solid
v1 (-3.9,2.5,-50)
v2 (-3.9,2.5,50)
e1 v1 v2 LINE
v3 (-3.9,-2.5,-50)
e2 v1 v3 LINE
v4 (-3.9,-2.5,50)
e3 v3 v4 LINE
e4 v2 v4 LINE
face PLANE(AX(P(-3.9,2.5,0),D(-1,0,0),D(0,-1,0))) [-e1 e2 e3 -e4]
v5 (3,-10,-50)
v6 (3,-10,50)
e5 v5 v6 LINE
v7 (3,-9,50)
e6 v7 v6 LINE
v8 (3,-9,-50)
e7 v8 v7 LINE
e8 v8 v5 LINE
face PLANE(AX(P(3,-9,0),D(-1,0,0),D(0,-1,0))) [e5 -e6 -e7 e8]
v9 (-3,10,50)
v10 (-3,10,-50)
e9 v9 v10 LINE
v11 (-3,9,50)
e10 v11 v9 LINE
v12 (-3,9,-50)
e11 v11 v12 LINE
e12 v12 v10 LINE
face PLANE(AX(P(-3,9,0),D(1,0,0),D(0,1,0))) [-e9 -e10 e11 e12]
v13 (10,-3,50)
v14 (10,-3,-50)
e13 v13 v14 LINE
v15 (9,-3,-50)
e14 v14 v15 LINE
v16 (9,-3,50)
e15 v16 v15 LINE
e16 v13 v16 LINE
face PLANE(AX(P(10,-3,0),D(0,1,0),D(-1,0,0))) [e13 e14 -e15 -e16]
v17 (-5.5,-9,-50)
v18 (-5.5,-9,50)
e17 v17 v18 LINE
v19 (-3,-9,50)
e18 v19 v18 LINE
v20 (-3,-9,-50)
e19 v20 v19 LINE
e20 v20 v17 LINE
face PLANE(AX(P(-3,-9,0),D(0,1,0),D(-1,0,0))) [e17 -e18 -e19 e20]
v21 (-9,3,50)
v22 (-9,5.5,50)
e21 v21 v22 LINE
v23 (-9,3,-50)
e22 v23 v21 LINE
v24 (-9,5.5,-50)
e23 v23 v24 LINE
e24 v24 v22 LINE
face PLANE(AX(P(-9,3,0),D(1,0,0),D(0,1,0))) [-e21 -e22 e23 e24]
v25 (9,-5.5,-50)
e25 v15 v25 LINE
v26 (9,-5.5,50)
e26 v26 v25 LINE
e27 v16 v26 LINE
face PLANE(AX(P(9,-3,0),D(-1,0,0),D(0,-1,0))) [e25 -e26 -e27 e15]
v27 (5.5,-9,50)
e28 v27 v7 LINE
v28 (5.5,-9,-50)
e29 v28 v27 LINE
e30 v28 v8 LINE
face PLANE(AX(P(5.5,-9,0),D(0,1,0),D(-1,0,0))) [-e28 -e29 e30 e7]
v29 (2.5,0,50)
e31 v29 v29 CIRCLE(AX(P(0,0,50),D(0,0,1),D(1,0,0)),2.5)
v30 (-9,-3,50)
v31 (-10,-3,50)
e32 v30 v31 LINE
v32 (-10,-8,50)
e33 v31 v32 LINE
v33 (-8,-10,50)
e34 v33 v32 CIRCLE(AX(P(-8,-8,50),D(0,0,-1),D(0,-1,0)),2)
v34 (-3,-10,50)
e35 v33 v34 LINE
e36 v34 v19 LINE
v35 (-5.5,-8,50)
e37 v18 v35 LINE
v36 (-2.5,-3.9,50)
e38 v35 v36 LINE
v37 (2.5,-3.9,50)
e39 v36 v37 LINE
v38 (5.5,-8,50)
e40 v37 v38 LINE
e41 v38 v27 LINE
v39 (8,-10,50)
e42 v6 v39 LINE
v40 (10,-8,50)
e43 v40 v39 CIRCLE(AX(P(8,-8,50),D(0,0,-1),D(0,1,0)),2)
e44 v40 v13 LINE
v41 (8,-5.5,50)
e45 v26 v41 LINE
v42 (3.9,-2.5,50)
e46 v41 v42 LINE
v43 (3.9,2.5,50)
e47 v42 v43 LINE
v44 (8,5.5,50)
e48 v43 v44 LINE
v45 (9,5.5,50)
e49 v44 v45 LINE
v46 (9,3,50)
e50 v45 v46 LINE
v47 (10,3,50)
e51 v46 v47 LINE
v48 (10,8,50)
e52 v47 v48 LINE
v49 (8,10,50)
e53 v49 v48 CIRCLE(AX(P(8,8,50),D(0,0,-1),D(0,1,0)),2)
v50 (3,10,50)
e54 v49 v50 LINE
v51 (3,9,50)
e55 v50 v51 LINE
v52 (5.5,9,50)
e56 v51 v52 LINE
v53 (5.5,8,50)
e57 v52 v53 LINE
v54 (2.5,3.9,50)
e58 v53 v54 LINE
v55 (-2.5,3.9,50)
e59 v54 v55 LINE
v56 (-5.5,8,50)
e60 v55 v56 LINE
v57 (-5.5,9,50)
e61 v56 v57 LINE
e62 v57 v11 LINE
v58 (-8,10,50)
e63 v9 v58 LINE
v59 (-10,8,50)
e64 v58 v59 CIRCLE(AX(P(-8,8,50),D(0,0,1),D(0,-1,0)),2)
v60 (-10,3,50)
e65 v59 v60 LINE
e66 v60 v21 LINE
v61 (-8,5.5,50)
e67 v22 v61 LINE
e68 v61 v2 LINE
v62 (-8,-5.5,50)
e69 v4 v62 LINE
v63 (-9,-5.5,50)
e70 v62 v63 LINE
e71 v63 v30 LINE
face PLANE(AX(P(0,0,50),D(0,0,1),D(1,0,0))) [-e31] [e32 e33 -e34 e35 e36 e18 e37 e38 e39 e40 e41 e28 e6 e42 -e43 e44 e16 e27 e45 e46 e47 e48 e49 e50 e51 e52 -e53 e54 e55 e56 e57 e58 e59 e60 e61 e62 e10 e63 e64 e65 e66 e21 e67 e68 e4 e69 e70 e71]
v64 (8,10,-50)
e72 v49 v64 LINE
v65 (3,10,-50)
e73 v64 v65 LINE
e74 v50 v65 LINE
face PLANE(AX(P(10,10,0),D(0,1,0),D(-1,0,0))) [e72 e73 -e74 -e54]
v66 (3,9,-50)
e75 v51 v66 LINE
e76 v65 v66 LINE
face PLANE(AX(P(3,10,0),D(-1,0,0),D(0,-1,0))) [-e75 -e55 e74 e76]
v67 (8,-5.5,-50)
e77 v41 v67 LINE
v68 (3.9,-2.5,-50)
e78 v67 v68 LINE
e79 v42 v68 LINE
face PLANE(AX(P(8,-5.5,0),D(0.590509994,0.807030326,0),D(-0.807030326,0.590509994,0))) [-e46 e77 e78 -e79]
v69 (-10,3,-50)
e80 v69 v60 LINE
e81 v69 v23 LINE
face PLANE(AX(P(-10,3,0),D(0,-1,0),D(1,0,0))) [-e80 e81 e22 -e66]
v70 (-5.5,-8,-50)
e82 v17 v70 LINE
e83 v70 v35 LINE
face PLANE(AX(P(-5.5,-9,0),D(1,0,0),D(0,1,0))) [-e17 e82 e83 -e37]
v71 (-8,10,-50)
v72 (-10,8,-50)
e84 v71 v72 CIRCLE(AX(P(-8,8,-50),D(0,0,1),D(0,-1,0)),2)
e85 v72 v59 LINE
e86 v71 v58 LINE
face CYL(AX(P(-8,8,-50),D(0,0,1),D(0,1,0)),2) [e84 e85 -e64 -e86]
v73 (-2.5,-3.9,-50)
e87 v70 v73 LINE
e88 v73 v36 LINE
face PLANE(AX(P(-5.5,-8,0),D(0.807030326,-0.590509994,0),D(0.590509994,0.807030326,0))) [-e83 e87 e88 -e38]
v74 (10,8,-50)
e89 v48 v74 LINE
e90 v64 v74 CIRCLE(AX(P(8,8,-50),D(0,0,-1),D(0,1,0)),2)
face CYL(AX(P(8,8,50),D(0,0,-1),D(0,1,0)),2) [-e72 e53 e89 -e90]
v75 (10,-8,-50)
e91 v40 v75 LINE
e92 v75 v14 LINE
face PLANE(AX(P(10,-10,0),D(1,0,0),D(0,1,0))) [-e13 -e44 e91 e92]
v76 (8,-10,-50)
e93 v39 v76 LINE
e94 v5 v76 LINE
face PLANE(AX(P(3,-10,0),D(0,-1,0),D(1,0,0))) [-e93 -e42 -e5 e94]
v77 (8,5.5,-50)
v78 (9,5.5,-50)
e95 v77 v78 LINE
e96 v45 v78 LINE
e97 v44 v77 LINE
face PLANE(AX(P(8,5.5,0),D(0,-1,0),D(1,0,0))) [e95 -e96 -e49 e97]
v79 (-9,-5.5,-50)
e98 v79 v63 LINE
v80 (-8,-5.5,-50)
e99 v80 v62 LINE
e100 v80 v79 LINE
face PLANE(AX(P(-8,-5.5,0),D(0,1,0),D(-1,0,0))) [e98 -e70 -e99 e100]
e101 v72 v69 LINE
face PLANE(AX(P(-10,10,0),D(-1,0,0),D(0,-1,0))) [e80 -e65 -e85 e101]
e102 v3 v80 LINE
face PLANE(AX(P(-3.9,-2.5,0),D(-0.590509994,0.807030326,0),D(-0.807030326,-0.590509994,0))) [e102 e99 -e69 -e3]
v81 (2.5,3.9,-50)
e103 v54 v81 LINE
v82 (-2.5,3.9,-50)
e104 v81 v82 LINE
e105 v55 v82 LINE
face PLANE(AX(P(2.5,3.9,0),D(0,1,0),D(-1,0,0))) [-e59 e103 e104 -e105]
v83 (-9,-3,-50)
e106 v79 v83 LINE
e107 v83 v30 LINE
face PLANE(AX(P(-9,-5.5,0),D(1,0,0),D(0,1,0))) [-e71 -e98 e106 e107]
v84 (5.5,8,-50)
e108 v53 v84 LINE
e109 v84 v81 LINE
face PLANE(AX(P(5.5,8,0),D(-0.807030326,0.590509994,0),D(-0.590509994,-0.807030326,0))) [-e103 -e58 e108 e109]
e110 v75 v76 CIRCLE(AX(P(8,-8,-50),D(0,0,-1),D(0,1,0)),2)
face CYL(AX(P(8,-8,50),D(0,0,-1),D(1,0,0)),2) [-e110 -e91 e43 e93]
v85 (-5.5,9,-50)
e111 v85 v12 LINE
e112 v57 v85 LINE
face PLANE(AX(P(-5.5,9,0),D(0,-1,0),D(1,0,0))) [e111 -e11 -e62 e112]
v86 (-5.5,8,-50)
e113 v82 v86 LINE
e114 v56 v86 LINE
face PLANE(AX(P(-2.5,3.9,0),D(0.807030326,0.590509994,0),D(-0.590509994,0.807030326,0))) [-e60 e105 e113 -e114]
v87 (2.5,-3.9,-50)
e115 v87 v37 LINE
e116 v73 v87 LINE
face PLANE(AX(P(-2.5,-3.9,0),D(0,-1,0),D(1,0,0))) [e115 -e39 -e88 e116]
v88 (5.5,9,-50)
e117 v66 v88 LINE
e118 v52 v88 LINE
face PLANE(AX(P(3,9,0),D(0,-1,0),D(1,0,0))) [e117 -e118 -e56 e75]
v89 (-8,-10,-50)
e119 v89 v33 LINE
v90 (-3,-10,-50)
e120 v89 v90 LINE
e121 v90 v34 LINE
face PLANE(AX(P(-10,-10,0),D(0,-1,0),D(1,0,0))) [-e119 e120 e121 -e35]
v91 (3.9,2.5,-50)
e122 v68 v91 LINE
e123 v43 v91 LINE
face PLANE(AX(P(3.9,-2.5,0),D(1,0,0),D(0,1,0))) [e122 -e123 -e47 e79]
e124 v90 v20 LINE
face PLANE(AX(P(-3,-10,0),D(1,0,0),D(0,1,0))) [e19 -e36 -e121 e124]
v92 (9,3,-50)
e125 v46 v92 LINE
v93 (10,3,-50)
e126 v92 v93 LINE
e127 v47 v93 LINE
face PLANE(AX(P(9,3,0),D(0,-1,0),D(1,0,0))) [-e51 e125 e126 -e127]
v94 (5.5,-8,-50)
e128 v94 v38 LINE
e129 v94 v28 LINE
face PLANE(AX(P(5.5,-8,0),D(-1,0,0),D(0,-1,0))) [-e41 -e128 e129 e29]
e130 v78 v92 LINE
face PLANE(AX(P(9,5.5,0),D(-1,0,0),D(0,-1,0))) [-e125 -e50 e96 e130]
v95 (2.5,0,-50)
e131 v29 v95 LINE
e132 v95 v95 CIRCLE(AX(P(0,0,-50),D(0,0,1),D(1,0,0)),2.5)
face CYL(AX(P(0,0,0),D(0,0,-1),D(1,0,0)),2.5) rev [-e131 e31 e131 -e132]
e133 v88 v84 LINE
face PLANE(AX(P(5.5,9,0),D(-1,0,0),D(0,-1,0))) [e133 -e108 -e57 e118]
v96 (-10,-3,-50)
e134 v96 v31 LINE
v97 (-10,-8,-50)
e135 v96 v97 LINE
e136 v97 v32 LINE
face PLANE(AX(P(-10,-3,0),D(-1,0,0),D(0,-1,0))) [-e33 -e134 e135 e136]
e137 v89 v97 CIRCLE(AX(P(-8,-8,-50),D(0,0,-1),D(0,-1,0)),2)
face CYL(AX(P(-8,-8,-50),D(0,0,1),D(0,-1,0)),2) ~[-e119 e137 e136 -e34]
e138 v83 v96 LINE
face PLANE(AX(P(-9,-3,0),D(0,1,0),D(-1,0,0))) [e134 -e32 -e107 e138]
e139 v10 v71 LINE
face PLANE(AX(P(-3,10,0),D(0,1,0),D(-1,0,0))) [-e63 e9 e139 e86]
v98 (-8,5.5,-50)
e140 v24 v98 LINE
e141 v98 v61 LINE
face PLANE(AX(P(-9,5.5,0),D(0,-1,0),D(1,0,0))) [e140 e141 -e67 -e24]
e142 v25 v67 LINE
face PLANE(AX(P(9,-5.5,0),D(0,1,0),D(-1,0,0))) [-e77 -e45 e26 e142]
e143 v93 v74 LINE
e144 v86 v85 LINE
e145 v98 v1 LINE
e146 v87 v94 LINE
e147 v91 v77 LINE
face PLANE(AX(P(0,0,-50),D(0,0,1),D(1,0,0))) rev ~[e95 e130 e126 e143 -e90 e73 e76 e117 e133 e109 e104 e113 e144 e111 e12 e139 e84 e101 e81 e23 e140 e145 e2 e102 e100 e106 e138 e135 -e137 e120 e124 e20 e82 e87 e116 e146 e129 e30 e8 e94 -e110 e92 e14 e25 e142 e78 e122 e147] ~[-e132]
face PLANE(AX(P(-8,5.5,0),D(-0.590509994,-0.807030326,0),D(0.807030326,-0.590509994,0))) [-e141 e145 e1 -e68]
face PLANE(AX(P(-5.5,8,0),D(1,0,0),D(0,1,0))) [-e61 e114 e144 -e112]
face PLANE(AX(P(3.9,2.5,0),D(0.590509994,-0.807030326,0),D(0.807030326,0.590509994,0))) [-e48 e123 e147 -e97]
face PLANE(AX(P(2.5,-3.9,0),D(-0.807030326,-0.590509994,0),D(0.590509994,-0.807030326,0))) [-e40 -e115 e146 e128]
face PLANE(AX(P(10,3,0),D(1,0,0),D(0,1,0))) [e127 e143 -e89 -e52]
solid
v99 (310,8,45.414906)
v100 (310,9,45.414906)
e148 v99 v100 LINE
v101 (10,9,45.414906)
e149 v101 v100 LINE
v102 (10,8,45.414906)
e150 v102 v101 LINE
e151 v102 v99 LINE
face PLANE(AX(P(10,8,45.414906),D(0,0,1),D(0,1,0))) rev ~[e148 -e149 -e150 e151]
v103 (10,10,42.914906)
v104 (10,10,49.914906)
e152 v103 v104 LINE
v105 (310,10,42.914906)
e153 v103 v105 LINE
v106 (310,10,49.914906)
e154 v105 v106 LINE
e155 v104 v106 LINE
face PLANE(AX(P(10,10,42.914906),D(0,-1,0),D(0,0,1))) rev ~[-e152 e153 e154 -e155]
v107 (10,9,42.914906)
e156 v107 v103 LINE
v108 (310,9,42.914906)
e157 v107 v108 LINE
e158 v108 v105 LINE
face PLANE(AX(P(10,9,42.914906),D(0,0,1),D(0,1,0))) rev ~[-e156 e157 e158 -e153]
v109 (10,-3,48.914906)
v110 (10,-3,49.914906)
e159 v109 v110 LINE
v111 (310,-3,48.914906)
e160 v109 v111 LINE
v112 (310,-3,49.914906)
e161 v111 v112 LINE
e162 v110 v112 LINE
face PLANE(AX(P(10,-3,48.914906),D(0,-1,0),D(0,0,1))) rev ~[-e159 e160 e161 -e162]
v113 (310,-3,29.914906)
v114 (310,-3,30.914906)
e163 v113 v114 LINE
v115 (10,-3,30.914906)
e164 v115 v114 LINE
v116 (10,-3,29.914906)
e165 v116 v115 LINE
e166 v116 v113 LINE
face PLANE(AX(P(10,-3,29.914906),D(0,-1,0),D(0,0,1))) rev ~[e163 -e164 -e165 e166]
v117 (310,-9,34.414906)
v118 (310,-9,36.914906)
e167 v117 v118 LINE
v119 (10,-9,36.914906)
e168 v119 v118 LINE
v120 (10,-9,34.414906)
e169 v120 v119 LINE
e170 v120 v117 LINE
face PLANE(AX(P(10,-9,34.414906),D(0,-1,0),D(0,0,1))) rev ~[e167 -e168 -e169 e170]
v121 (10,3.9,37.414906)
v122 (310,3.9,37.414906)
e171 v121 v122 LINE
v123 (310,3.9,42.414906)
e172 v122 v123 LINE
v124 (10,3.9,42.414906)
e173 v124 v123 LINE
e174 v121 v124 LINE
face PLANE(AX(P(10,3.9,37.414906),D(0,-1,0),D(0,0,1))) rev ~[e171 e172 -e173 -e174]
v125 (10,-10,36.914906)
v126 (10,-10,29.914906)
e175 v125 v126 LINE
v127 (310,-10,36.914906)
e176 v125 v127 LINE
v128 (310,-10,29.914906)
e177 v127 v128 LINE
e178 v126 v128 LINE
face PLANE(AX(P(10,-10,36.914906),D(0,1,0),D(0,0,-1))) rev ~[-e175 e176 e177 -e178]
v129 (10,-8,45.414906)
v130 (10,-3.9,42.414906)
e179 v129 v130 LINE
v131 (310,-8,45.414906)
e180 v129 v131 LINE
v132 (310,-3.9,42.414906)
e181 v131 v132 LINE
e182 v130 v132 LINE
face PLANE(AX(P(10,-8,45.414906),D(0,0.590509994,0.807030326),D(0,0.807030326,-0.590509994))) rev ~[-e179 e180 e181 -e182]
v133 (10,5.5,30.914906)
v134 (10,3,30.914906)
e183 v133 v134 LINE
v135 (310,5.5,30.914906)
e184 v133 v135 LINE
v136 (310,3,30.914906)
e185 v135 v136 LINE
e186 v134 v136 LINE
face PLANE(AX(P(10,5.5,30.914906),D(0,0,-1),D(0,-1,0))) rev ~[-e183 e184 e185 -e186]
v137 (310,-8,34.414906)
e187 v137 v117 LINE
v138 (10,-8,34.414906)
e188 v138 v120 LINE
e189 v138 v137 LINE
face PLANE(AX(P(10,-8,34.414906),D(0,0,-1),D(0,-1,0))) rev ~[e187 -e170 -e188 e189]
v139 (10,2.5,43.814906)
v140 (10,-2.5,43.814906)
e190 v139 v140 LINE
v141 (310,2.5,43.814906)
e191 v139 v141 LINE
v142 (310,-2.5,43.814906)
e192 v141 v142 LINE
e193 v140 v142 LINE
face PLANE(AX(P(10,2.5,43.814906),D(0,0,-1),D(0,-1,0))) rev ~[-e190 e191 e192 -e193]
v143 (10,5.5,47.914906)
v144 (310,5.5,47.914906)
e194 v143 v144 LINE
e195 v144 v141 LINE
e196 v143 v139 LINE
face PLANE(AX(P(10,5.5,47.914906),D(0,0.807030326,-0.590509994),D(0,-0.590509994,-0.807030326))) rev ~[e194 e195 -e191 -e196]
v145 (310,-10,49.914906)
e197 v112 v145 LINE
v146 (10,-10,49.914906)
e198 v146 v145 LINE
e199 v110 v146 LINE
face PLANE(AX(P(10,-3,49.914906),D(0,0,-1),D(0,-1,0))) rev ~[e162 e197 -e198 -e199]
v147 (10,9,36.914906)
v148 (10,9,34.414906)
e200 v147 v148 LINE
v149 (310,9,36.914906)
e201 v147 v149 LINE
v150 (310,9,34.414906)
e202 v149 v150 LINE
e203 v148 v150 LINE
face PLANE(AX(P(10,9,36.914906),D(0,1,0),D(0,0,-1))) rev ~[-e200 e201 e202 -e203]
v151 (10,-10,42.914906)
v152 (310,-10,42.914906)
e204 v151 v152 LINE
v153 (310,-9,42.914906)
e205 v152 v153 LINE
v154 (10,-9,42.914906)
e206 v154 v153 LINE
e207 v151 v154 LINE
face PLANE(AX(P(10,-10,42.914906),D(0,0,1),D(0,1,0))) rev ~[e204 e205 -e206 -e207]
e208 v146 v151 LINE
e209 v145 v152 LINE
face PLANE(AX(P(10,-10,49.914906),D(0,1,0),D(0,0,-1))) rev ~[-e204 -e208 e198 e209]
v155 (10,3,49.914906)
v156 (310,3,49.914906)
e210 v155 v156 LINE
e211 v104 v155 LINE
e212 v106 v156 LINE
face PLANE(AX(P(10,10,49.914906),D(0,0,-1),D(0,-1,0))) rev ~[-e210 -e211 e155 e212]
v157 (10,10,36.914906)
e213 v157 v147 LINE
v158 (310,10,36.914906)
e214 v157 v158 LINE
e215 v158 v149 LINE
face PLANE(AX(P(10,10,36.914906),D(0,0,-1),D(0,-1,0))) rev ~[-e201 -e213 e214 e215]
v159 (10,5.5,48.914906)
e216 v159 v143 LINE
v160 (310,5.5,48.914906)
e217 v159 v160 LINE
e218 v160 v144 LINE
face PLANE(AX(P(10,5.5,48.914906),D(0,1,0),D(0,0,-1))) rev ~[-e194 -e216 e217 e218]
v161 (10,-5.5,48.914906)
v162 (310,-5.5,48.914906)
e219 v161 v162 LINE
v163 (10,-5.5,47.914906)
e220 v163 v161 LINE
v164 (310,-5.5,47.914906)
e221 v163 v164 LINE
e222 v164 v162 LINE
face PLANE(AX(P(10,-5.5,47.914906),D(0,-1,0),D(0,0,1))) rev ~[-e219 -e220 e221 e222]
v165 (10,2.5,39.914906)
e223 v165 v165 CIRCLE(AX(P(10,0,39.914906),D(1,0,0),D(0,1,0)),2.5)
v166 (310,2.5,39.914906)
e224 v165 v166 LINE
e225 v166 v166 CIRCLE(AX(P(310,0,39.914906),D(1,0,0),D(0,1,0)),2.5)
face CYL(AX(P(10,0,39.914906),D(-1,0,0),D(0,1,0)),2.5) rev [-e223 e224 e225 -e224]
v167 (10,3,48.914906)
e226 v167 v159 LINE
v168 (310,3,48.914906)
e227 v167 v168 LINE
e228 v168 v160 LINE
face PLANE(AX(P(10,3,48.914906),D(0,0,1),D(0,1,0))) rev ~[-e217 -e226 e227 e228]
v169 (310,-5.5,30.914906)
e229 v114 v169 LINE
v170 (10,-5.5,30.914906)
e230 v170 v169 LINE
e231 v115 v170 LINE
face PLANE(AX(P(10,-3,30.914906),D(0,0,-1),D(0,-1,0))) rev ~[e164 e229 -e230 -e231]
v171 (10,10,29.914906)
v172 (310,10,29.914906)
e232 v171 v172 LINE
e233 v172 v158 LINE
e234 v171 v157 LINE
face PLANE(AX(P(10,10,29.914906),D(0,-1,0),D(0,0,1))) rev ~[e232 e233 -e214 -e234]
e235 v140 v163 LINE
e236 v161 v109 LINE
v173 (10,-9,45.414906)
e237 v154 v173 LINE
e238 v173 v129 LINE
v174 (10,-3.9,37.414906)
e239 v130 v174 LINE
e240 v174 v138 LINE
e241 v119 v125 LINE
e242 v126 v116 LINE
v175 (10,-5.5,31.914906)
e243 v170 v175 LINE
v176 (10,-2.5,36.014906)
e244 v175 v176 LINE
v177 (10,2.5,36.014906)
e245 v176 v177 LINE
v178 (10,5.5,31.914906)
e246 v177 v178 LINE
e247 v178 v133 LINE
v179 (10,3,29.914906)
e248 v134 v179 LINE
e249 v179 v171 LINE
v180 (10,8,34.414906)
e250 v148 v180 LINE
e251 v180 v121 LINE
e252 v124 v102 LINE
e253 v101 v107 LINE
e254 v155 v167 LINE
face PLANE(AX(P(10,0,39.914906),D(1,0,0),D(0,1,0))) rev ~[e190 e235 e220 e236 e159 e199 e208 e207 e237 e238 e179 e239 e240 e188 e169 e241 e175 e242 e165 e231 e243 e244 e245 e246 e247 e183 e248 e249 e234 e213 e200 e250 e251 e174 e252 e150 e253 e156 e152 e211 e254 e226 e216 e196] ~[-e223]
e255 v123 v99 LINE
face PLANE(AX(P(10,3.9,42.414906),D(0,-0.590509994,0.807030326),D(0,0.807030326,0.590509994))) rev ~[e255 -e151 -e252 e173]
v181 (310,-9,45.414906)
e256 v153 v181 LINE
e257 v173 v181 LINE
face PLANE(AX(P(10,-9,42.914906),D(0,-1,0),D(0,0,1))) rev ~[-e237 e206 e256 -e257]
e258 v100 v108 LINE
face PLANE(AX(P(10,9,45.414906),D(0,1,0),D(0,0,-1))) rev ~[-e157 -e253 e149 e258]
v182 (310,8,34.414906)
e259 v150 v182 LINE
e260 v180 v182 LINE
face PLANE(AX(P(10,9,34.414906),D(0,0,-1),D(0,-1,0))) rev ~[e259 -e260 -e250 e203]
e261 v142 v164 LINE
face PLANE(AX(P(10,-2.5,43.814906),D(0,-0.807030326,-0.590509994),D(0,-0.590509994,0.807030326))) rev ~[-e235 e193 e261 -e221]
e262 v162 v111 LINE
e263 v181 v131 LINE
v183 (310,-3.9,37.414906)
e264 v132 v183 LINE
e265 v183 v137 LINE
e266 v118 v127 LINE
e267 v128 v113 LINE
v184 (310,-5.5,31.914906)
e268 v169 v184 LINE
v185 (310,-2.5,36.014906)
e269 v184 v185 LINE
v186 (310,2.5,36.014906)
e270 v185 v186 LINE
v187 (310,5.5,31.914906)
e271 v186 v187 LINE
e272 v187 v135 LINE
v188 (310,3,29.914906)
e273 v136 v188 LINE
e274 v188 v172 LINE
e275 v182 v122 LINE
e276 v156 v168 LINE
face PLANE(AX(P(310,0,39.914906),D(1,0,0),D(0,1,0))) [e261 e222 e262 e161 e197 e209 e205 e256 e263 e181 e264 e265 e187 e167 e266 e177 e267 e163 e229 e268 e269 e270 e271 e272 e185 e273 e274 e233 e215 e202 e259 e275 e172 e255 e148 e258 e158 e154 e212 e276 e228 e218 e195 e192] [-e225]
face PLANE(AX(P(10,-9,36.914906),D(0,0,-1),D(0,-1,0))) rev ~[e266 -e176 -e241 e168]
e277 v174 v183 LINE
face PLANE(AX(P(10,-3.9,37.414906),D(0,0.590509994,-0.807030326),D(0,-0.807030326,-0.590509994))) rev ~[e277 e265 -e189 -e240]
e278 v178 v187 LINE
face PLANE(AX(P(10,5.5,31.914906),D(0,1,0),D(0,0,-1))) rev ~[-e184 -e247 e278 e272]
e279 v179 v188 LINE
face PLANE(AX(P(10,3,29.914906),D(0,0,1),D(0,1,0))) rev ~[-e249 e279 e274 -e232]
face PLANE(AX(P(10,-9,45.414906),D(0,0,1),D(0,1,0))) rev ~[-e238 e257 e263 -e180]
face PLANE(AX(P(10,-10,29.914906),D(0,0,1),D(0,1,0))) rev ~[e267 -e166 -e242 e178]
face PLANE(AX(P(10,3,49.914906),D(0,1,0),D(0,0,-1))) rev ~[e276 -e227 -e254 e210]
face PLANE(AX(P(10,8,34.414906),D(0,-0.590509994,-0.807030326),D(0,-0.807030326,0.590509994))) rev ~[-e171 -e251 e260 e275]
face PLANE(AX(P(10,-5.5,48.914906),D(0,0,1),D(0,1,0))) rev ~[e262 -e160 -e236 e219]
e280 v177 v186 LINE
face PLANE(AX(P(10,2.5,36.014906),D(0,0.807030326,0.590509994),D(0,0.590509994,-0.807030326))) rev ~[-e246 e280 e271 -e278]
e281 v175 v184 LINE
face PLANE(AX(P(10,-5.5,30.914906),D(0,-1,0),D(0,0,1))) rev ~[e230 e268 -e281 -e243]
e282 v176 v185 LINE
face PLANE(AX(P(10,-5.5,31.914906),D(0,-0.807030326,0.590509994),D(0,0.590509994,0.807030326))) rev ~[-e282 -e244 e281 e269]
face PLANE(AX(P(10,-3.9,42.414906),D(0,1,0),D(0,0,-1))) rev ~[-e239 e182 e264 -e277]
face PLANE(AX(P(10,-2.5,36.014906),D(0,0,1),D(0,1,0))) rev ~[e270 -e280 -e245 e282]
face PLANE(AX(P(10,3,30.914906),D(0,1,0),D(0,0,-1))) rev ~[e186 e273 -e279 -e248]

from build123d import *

# Parameters (mm, degrees)
F0_R     = 2.5
F1_DEPTH = 50
F2_R     = 2
F3_R     = 2.5
F4_DEPTH = 300


with BuildPart() as f1:
    # F0 (on Top) → F1 (new body, symmetric)
    with BuildSketch(Plane.XY):
        Polygon((-3, 10), (-10, 10), (-10, 3), (-9, 3), (-9, 5.5), (-8, 5.5), (-3.9, 2.5), (-3.9, -2.5), (-8, -5.5), (-9, -5.5), (-9, -3), (-10, -3), (-10, -10), (-3, -10), (-3, -9), (-5.5, -9), (-5.5, -8), (-2.5, -3.9), (2.5, -3.9), (5.5, -8), (5.5, -9), (3, -9), (3, -10), (10, -10), (10, -3), (9, -3), (9, -5.5), (8, -5.5), (3.9, -2.5), (3.9, 2.5), (8, 5.5), (9, 5.5), (9, 3), (10, 3), (10, 10), (3, 10), (3, 9), (5.5, 9), (5.5, 8), (2.5, 3.9), (-2.5, 3.9), (-5.5, 8), (-5.5, 9), (-3, 9), align=None)
        Circle(F0_R, mode=Mode.SUBTRACT)
    extrude(amount=F1_DEPTH, both=True)

    # F2
    f2_edges = [f1.edges().sort_by_distance(p)[0] for p in [
        (-10, -10, 0),
        (10, -10, 0),
        (10, 10, 0),
        (-10, 10, 0),
    ]]
    fillet(f2_edges, radius=F2_R)


with BuildPart() as f4:
    # F3 (on face) → F4 (new body)
    with BuildSketch(Plane.YZ.offset(10)):
        Polygon((-3, 49.914906), (-10, 49.914906), (-10, 42.914906), (-9, 42.914906), (-9, 45.414906), (-8, 45.414906), (-3.9, 42.414906), (-3.9, 37.414906), (-8, 34.414906), (-9, 34.414906), (-9, 36.914906), (-10, 36.914906), (-10, 29.914906), (-3, 29.914906), (-3, 30.914906), (-5.5, 30.914906), (-5.5, 31.914906), (-2.5, 36.014906), (2.5, 36.014906), (5.5, 31.914906), (5.5, 30.914906), (3, 30.914906), (3, 29.914906), (10, 29.914906), (10, 36.914906), (9, 36.914906), (9, 34.414906), (8, 34.414906), (3.9, 37.414906), (3.9, 42.414906), (8, 45.414906), (9, 45.414906), (9, 42.914906), (10, 42.914906), (10, 49.914906), (3, 49.914906), (3, 48.914906), (5.5, 48.914906), (5.5, 47.914906), (2.5, 43.814906), (-2.5, 43.814906), (-5.5, 47.914906), (-5.5, 48.914906), (-3, 48.914906), align=None)
        with Locations((0, 39.914906)):
            Circle(F3_R, mode=Mode.SUBTRACT)
    extrude(amount=F4_DEPTH)


solid = Compound([f1.part, f4.part])
